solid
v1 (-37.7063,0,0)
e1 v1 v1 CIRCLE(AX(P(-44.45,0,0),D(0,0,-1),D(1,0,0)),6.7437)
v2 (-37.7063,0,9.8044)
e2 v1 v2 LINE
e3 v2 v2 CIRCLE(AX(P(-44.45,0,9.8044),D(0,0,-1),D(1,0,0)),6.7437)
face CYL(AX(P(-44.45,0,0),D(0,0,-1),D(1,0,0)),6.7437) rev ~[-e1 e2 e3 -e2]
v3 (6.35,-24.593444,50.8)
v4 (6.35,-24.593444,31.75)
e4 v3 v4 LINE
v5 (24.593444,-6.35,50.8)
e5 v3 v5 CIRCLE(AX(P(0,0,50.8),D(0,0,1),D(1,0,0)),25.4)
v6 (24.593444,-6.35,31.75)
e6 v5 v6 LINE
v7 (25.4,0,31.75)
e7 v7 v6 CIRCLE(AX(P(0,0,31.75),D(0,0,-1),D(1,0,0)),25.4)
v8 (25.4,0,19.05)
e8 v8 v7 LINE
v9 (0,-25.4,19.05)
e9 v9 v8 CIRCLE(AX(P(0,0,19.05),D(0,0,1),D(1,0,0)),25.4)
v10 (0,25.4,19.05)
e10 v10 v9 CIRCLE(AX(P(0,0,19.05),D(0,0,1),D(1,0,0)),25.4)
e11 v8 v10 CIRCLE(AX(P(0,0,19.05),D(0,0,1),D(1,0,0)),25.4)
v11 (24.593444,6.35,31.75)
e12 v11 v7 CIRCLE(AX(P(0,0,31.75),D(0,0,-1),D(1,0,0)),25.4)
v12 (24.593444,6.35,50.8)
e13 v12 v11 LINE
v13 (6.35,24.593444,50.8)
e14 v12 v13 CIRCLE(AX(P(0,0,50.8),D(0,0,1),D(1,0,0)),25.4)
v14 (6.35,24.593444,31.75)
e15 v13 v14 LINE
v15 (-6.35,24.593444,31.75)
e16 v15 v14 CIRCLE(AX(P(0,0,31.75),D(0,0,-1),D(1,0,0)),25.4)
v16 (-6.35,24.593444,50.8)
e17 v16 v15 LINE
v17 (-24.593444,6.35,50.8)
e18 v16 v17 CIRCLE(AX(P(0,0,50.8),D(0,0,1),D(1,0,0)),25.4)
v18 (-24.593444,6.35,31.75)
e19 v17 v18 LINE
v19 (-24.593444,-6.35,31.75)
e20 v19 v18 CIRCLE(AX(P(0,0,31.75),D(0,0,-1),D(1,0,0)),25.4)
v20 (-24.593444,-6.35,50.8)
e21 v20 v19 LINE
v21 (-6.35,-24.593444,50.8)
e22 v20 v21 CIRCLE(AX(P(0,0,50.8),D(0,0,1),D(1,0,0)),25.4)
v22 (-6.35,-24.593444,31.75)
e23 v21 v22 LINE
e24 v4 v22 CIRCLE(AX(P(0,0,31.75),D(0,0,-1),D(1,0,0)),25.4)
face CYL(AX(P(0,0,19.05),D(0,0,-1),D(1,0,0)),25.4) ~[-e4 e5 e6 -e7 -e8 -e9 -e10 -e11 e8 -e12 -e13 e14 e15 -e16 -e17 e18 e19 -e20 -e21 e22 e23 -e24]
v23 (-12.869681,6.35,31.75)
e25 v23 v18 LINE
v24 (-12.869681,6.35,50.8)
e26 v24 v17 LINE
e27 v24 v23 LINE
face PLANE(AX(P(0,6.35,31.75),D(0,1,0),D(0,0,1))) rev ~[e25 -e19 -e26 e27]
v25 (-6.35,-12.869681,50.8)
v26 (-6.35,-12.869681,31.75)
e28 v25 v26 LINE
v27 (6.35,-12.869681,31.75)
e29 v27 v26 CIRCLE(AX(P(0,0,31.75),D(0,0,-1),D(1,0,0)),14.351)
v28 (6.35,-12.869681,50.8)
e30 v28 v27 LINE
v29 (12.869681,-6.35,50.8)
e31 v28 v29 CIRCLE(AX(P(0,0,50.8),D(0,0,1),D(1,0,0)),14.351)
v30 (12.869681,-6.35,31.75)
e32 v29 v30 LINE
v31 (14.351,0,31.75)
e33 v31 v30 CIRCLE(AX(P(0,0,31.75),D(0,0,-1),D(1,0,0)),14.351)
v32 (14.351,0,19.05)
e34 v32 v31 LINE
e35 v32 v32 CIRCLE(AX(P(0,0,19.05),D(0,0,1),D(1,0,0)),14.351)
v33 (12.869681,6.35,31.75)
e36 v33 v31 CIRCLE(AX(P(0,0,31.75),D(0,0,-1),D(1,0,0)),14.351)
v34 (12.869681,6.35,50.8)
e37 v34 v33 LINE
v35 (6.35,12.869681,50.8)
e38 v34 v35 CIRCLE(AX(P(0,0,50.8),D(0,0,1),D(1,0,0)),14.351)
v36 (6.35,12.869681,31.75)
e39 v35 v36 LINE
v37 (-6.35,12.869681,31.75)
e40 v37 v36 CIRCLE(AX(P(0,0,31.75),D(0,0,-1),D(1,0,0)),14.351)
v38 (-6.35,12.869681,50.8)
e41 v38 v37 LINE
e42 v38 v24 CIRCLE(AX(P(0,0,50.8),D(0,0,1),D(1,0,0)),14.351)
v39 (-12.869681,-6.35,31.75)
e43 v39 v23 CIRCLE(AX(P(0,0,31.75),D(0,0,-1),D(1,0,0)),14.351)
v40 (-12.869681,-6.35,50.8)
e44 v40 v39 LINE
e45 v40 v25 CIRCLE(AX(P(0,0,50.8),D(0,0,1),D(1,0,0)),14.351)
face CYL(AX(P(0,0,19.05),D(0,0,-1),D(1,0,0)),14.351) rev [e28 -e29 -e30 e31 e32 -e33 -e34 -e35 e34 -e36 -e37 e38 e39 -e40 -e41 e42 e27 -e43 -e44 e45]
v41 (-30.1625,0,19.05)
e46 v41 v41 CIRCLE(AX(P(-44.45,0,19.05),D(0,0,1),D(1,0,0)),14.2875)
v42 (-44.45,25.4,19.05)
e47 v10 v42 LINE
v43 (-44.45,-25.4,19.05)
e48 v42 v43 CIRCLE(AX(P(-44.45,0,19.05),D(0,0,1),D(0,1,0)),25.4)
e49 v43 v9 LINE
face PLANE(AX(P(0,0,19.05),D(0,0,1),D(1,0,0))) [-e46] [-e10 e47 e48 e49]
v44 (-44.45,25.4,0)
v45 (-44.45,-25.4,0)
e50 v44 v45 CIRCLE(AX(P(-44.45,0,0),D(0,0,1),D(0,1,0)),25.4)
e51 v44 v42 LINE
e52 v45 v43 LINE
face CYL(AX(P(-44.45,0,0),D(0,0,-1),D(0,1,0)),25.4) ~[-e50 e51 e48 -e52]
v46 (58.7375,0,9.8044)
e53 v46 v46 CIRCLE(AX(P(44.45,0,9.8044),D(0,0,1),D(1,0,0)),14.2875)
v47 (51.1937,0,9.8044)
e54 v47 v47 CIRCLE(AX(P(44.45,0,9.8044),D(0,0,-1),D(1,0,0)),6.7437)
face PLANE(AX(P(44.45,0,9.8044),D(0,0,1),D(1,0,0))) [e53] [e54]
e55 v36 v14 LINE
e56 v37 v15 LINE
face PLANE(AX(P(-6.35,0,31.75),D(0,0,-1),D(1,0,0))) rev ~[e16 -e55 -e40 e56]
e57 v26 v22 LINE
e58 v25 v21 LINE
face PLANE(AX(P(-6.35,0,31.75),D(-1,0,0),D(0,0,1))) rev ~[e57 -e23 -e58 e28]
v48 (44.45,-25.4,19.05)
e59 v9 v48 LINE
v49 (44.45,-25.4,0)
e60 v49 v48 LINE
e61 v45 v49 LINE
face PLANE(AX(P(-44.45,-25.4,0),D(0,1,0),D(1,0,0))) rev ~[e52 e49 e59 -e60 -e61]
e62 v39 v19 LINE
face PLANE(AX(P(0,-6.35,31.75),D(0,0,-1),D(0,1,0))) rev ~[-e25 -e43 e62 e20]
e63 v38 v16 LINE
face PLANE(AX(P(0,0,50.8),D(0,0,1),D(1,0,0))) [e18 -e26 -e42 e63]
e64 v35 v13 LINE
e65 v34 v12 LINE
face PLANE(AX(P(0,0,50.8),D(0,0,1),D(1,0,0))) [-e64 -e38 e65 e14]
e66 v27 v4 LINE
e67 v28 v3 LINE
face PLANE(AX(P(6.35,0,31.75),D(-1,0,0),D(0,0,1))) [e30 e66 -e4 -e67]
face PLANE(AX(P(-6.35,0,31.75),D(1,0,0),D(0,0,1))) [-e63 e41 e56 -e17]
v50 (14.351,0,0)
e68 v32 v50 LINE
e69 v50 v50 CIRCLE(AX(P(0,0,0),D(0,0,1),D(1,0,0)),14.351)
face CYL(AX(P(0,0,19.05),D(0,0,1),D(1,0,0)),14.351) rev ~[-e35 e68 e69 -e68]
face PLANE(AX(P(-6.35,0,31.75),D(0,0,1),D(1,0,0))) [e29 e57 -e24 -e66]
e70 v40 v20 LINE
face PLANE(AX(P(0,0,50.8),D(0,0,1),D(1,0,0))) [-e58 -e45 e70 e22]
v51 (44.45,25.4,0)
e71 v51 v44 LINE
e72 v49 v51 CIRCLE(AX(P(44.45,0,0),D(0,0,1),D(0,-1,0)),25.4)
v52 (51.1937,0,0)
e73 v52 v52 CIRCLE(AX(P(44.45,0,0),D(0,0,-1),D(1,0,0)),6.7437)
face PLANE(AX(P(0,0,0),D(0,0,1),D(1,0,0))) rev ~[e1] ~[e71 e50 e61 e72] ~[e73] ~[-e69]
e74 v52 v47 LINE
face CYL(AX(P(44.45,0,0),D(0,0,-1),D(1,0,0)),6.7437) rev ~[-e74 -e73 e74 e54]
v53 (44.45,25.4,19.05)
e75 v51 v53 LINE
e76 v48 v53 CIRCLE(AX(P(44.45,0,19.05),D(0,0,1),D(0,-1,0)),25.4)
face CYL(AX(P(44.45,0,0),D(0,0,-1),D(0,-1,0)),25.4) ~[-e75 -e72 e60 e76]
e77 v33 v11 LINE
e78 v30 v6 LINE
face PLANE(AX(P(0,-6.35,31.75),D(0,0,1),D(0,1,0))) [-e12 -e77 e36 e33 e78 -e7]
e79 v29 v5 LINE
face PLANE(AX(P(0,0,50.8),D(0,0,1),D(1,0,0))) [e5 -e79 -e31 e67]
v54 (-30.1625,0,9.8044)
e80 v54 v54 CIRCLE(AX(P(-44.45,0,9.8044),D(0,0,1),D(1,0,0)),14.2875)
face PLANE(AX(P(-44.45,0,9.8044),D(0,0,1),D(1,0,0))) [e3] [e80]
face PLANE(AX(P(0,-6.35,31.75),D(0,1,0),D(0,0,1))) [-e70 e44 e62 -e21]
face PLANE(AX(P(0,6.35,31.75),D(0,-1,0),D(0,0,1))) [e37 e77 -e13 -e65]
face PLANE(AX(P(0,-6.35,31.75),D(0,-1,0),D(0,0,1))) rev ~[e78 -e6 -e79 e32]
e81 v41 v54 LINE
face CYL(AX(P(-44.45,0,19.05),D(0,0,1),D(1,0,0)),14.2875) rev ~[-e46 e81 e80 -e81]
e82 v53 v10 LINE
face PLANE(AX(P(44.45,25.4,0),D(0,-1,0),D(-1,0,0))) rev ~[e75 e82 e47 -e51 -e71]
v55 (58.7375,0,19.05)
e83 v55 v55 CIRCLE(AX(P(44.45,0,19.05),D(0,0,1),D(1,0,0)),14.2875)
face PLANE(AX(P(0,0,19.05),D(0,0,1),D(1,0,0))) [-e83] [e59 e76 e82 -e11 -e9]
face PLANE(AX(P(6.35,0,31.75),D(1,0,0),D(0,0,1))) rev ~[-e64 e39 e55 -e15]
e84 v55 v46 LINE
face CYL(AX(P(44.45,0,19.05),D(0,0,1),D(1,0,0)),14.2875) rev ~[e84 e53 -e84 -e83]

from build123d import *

# Parameters (mm, degrees)
F1_DEPTH       = 19.05
F2_R           = 14.2875
F3_DEPTH       = 9.2456
F4_R           = 6.7437
F5_DEPTH       = 19.051
F6_R           = 25.4
F6_R_2         = 14.351
F7_DEPTH       = 31.75
F8_W           = 12.7
F8_H           = 19.05
F9_DEPTH       = 25.401
F9_DEPTH_BACK  = 25.401
F10_W          = 12.7
F10_H          = 19.05
F11_DEPTH      = 69.851
F11_DEPTH_BACK = 69.851
F12_DEPTH      = 19.051


with BuildPart() as f1:
    # F0 (on Top) → F1 (new body)
    with BuildSketch(Plane.XY):
        with BuildLine():
            ThreePointArc((-44.45, 25.4), (-69.85, 0), (-44.45, -25.4))
            Line((-44.45, -25.4), (44.45, -25.4))
            ThreePointArc((44.45, -25.4), (69.85, 0), (44.45, 25.4))
            Line((44.45, 25.4), (-44.45, 25.4))
        make_face()
    extrude(amount=F1_DEPTH)

    # F2 (on face) → F3 (cut)
    with BuildSketch(Plane.XY.offset(19.05)):
        with Locations((-44.45, 0)):
            Circle(F2_R)
        with Locations((44.45, 0)):
            Circle(F2_R)
    extrude(amount=-F3_DEPTH, mode=Mode.SUBTRACT)

    # F4 (on face) → F5 (cut, through all)
    with BuildSketch(Plane(origin=(0, 0, 0), x_dir=(1, 0, 0), z_dir=(0, 0, -1))):
        with Locations((-44.45, 0)):
            Circle(F4_R)
        with Locations((44.45, 0)):
            Circle(F4_R)
    extrude(amount=-F5_DEPTH, mode=Mode.SUBTRACT)

    # F6 (on face) → F7 (join)
    with BuildSketch(Plane.XY.offset(19.05)):
        Circle(F6_R)
        Circle(F6_R_2, mode=Mode.SUBTRACT)
    extrude(amount=F7_DEPTH)

    # F8 (on Front) → F9 (cut, two sides)
    with BuildSketch(Plane.XZ) as f9_sk:
        with Locations((0, 41.275)):
            Rectangle(F8_W, F8_H)
    extrude(amount=-F9_DEPTH, mode=Mode.SUBTRACT)
    extrude(f9_sk.sketch, amount=F9_DEPTH_BACK, mode=Mode.SUBTRACT)

    # F10 (on Right) → F11 (cut, two sides)
    with BuildSketch(Plane.YZ) as f11_sk:
        with Locations((0, 41.275)):
            Rectangle(F10_W, F10_H)
    extrude(amount=-F11_DEPTH, mode=Mode.SUBTRACT)
    extrude(f11_sk.sketch, amount=F11_DEPTH_BACK, mode=Mode.SUBTRACT)

    # F12 (cut, through all): a face of the model
    f12_faces = [f1.faces().sort_by_distance(p)[0] for p in [
        (0, 0, 19.05),
    ]]
    extrude(f12_faces, amount=-F12_DEPTH, mode=Mode.SUBTRACT)


solid = f1.part
